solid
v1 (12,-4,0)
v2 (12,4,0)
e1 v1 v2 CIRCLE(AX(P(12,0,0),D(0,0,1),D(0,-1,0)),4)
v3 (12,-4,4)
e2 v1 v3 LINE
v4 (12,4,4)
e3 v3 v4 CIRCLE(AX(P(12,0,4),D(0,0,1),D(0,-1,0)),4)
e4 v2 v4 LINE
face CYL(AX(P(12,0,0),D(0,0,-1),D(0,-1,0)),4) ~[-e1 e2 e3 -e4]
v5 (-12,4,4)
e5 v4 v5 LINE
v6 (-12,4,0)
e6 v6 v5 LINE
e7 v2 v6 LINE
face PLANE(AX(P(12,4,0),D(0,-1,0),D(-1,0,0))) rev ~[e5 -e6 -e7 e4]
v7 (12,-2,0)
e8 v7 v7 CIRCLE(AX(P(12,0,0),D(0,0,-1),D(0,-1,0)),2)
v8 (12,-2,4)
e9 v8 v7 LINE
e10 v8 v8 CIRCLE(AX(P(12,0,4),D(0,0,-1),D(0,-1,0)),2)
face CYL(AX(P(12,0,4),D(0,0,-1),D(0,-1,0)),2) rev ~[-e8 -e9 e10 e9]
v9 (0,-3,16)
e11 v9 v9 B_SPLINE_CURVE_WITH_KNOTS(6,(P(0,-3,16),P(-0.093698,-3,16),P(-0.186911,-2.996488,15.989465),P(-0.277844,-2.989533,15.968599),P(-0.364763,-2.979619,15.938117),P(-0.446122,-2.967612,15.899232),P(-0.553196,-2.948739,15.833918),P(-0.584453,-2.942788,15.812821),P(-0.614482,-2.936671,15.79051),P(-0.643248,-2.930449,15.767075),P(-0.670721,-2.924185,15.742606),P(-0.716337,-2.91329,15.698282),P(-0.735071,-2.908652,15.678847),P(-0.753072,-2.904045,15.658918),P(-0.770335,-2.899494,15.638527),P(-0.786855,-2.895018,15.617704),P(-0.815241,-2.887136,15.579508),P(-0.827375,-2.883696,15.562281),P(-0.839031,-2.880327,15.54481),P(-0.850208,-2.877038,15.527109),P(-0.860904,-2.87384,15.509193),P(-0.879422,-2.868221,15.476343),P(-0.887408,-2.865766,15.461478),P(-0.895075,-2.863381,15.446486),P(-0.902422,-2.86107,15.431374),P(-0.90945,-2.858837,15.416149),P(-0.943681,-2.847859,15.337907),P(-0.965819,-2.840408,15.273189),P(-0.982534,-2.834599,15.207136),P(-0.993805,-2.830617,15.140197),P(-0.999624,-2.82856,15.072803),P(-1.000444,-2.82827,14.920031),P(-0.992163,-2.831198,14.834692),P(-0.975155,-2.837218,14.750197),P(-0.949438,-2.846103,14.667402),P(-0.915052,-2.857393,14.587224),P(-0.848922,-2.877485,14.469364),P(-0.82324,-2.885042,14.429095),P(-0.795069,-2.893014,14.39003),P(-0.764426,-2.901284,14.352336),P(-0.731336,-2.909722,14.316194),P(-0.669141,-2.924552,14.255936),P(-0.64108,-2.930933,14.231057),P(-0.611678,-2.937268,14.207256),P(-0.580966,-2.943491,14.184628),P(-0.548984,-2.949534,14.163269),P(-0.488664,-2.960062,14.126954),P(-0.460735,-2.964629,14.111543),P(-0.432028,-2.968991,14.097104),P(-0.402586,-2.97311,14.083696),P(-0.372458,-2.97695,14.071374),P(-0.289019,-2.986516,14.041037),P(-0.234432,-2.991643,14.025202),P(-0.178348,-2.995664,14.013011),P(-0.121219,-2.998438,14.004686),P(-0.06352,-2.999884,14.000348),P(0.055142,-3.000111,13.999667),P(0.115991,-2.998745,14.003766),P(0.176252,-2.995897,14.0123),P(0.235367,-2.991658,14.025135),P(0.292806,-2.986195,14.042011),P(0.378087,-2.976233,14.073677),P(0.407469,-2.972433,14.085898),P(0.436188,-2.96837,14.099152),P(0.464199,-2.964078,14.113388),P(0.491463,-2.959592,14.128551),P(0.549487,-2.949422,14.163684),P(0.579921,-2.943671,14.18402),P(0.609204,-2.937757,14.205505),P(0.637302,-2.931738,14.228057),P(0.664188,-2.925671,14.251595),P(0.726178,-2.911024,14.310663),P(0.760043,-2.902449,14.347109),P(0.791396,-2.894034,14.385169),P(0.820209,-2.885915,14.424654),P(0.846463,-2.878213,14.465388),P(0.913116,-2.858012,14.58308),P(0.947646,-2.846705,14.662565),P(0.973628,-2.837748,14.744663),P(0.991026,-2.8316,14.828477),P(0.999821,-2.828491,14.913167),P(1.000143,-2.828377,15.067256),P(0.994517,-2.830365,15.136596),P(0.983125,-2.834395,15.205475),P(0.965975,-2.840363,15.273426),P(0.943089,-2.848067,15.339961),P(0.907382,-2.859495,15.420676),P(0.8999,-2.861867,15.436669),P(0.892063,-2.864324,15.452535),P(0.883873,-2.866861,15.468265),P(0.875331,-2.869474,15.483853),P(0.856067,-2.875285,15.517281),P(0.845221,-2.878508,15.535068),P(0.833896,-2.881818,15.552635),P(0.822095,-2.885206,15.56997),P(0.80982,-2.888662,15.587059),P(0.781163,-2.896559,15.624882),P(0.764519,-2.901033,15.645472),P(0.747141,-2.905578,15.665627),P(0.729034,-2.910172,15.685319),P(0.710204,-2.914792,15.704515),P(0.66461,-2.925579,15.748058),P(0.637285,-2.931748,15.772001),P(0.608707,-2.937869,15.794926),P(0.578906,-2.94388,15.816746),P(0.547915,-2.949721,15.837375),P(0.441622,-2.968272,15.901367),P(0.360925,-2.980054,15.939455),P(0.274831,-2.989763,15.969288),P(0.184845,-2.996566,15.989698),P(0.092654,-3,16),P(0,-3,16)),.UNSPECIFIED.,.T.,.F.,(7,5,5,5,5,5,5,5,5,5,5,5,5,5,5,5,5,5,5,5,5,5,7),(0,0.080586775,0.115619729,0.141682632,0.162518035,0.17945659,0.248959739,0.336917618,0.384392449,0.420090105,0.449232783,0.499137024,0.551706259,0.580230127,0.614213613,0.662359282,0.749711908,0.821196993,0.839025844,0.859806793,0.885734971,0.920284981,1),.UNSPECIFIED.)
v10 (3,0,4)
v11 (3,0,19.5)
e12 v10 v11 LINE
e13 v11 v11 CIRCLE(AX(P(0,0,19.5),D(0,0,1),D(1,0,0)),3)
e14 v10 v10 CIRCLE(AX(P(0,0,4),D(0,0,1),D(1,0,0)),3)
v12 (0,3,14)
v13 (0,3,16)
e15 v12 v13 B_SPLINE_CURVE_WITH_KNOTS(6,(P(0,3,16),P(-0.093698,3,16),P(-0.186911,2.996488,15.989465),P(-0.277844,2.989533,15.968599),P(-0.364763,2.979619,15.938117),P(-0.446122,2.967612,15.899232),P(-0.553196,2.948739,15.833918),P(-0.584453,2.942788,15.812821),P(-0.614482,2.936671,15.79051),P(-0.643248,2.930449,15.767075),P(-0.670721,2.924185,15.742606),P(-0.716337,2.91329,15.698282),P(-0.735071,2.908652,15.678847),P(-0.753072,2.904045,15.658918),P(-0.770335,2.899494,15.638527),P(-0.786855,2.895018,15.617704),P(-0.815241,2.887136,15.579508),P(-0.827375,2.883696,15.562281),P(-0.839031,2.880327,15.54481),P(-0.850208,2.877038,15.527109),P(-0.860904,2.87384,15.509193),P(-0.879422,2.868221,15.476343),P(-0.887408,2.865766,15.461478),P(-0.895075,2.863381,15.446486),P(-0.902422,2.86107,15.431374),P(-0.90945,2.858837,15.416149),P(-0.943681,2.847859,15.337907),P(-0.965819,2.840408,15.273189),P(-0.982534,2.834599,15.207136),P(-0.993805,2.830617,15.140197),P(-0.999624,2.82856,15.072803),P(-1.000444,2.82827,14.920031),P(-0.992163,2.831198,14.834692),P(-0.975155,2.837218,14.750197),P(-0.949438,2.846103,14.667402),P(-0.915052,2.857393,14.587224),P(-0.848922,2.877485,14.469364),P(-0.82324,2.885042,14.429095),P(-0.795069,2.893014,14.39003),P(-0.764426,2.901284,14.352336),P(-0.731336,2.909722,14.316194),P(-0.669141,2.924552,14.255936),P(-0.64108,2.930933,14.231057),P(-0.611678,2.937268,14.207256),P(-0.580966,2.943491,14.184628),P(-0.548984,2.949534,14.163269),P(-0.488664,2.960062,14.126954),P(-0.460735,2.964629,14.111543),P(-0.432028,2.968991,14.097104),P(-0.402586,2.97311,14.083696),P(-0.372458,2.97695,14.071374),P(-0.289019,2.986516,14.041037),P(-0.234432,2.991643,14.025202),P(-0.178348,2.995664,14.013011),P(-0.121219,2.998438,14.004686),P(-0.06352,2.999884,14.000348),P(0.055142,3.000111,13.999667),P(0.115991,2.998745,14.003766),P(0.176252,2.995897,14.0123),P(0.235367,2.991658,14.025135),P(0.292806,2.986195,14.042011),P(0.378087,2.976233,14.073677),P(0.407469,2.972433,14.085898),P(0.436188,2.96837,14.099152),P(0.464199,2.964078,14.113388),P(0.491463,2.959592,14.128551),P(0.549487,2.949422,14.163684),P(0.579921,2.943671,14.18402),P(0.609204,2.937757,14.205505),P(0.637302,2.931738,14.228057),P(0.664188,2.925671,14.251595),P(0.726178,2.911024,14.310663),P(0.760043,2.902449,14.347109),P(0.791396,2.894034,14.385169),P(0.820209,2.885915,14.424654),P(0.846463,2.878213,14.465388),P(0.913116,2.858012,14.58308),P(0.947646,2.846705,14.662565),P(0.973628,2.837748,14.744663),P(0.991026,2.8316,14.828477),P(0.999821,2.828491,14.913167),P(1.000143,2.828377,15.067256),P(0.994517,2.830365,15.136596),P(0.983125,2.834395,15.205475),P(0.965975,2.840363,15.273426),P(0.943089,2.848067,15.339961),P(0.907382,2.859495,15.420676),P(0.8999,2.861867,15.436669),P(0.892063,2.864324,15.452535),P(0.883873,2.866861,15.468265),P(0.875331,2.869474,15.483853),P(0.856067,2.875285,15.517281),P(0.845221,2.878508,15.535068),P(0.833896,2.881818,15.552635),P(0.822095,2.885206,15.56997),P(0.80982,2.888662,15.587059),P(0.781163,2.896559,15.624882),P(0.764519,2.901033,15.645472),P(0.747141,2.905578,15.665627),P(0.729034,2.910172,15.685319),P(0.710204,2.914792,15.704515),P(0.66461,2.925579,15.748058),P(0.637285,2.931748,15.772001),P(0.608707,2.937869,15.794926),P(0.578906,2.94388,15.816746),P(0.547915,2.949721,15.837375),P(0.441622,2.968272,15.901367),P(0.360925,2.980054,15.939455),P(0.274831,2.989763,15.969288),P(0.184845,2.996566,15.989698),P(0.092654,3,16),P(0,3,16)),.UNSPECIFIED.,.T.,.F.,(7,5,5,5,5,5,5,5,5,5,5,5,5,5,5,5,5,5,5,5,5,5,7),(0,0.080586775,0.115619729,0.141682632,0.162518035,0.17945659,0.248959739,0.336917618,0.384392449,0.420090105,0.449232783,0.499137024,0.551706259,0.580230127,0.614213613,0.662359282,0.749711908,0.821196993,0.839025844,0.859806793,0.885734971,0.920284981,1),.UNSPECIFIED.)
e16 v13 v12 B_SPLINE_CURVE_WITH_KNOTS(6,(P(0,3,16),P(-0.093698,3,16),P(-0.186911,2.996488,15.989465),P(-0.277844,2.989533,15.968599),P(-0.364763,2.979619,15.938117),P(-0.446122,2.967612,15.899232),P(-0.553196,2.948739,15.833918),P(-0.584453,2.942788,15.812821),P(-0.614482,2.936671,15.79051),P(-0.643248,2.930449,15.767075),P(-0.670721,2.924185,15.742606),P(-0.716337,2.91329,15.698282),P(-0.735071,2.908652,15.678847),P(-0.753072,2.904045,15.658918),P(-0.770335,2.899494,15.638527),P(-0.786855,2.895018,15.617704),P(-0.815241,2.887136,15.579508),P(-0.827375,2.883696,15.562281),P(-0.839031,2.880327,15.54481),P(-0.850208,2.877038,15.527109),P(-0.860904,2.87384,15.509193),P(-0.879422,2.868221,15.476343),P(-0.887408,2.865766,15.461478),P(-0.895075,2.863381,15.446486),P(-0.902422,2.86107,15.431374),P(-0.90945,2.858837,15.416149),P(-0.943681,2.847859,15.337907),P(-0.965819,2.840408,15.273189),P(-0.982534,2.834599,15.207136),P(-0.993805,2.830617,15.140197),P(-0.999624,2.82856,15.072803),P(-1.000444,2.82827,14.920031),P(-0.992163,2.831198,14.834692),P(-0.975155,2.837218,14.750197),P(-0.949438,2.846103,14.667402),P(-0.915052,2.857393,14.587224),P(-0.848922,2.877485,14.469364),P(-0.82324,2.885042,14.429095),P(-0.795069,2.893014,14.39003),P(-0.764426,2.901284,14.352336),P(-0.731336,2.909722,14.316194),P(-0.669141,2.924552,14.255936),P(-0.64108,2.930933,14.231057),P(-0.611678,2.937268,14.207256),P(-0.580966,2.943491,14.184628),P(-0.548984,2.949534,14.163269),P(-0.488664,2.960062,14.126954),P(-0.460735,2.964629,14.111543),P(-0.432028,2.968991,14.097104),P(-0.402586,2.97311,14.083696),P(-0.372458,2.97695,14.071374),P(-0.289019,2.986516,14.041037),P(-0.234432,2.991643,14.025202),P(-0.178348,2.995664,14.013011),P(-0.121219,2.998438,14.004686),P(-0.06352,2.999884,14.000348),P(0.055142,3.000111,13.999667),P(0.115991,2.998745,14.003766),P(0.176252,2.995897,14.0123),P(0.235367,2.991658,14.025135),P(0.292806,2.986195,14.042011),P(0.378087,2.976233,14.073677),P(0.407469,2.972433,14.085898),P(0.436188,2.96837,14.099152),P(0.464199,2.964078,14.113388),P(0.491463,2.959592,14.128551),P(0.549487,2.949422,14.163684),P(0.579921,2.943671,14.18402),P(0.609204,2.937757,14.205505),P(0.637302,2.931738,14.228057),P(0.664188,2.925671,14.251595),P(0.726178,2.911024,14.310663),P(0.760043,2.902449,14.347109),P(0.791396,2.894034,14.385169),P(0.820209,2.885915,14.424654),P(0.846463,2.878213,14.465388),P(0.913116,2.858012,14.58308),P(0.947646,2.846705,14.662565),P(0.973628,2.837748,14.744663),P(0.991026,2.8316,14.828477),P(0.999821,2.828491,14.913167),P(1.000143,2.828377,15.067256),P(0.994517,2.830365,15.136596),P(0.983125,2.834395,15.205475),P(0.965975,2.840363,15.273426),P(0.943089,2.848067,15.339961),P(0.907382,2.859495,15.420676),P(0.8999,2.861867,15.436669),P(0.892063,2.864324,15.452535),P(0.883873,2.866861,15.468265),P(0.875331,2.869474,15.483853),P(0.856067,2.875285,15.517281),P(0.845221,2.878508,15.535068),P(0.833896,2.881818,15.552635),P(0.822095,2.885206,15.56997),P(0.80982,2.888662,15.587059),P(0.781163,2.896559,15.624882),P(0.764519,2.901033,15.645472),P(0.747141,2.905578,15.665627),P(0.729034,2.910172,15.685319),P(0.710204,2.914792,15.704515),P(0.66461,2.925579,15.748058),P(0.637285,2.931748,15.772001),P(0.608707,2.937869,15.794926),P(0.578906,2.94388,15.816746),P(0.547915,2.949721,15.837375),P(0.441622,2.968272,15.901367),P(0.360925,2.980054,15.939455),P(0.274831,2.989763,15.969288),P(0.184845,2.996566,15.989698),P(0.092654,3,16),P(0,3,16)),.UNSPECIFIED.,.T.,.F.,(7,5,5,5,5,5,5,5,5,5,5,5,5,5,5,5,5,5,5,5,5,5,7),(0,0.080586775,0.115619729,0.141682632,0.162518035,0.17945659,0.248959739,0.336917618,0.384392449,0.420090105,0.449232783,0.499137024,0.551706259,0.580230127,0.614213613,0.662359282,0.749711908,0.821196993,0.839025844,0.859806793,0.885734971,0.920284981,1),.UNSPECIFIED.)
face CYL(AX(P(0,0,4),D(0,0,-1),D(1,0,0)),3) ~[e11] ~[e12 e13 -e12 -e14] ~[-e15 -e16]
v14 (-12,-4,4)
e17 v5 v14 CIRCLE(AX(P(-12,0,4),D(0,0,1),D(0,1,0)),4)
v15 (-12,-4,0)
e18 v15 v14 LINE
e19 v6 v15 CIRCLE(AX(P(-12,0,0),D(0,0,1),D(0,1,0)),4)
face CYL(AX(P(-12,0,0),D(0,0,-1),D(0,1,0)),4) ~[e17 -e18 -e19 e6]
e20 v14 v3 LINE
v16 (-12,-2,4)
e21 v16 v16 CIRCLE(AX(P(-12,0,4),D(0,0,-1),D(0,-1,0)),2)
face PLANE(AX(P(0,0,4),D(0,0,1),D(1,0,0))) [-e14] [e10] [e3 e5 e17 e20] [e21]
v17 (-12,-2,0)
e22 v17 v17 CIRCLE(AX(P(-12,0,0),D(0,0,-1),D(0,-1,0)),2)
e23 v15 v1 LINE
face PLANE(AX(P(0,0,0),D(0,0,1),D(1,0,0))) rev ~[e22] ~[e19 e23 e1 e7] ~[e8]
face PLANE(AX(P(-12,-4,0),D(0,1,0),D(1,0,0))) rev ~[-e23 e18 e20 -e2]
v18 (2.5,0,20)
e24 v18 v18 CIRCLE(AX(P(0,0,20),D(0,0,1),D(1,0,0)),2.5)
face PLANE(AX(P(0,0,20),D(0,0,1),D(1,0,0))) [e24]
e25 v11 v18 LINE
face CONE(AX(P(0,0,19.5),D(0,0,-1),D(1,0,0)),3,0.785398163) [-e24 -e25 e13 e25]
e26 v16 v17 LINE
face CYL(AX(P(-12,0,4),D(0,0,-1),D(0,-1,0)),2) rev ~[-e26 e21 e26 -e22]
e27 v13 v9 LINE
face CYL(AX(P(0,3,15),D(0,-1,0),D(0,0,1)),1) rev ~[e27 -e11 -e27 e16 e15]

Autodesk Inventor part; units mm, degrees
ref_plane "XZ Plane" through (0, 0, 0) normal (0, 1, 0) x (-1, 0, 0)
ref_plane "XY Plane" through (0, 0, 0) normal (0, 0, 1) x (1, 0, 0)
sketch "Sketch1" plane through (0, 0, 0) normal (0, 0, 1) x (1, 0, 0)
  line L0 (-12, 0) -> (12, 0) construction
  line L1 (-12, -4) -> (12, -4)
  line L2 (12, 4) -> (-12, 4)
  arc A0 (-12, 4) -> (-12, -4) centre (-12, 0) ccw
  arc A1 (12, -4) -> (12, 4) centre (12, 0) ccw
  point P0 (0, 0)
  dimension "d0" = 24
  dimension "d1" = 4
extrude "Extrusion1" add sketch "Sketch1" along normal blind 4
sketch "Sketch2" plane through (0, 0, 4) normal (0, 0, 1) x (1, 0, 0)
  circle A0 centre (0, 0) radius 3
  dimension "d4" = 6
extrude "Extrusion2" add sketch "Sketch2" along normal blind 16
chamfer "Chamfer1" distance 0.5 angle 45 1 edges at (-3, 0, 20)
sketch "Sketch3" plane through (0, 0, 4) normal (0, 0, 1) x (1, 0, 0)
  arc A0 (12, -4) -> (12, 4) centre (12, 0) ccw projected
  arc A1 (-12, 4) -> (-12, -4) centre (-12, 0) ccw projected
hole "Hole1" at (-12, 0, 4) at (12, 0, 4) direction (0, 0, -1) diameter 4 end through all
ref_plane "Work Plane1" through (0, 0, 15) normal (0, 0, 1) x (1, 0, 0)
hole "Hole2" at (0, 3, 15) direction (0, -1, 0) diameter 2 end through all
properties part number "Crank" material "Steel"
